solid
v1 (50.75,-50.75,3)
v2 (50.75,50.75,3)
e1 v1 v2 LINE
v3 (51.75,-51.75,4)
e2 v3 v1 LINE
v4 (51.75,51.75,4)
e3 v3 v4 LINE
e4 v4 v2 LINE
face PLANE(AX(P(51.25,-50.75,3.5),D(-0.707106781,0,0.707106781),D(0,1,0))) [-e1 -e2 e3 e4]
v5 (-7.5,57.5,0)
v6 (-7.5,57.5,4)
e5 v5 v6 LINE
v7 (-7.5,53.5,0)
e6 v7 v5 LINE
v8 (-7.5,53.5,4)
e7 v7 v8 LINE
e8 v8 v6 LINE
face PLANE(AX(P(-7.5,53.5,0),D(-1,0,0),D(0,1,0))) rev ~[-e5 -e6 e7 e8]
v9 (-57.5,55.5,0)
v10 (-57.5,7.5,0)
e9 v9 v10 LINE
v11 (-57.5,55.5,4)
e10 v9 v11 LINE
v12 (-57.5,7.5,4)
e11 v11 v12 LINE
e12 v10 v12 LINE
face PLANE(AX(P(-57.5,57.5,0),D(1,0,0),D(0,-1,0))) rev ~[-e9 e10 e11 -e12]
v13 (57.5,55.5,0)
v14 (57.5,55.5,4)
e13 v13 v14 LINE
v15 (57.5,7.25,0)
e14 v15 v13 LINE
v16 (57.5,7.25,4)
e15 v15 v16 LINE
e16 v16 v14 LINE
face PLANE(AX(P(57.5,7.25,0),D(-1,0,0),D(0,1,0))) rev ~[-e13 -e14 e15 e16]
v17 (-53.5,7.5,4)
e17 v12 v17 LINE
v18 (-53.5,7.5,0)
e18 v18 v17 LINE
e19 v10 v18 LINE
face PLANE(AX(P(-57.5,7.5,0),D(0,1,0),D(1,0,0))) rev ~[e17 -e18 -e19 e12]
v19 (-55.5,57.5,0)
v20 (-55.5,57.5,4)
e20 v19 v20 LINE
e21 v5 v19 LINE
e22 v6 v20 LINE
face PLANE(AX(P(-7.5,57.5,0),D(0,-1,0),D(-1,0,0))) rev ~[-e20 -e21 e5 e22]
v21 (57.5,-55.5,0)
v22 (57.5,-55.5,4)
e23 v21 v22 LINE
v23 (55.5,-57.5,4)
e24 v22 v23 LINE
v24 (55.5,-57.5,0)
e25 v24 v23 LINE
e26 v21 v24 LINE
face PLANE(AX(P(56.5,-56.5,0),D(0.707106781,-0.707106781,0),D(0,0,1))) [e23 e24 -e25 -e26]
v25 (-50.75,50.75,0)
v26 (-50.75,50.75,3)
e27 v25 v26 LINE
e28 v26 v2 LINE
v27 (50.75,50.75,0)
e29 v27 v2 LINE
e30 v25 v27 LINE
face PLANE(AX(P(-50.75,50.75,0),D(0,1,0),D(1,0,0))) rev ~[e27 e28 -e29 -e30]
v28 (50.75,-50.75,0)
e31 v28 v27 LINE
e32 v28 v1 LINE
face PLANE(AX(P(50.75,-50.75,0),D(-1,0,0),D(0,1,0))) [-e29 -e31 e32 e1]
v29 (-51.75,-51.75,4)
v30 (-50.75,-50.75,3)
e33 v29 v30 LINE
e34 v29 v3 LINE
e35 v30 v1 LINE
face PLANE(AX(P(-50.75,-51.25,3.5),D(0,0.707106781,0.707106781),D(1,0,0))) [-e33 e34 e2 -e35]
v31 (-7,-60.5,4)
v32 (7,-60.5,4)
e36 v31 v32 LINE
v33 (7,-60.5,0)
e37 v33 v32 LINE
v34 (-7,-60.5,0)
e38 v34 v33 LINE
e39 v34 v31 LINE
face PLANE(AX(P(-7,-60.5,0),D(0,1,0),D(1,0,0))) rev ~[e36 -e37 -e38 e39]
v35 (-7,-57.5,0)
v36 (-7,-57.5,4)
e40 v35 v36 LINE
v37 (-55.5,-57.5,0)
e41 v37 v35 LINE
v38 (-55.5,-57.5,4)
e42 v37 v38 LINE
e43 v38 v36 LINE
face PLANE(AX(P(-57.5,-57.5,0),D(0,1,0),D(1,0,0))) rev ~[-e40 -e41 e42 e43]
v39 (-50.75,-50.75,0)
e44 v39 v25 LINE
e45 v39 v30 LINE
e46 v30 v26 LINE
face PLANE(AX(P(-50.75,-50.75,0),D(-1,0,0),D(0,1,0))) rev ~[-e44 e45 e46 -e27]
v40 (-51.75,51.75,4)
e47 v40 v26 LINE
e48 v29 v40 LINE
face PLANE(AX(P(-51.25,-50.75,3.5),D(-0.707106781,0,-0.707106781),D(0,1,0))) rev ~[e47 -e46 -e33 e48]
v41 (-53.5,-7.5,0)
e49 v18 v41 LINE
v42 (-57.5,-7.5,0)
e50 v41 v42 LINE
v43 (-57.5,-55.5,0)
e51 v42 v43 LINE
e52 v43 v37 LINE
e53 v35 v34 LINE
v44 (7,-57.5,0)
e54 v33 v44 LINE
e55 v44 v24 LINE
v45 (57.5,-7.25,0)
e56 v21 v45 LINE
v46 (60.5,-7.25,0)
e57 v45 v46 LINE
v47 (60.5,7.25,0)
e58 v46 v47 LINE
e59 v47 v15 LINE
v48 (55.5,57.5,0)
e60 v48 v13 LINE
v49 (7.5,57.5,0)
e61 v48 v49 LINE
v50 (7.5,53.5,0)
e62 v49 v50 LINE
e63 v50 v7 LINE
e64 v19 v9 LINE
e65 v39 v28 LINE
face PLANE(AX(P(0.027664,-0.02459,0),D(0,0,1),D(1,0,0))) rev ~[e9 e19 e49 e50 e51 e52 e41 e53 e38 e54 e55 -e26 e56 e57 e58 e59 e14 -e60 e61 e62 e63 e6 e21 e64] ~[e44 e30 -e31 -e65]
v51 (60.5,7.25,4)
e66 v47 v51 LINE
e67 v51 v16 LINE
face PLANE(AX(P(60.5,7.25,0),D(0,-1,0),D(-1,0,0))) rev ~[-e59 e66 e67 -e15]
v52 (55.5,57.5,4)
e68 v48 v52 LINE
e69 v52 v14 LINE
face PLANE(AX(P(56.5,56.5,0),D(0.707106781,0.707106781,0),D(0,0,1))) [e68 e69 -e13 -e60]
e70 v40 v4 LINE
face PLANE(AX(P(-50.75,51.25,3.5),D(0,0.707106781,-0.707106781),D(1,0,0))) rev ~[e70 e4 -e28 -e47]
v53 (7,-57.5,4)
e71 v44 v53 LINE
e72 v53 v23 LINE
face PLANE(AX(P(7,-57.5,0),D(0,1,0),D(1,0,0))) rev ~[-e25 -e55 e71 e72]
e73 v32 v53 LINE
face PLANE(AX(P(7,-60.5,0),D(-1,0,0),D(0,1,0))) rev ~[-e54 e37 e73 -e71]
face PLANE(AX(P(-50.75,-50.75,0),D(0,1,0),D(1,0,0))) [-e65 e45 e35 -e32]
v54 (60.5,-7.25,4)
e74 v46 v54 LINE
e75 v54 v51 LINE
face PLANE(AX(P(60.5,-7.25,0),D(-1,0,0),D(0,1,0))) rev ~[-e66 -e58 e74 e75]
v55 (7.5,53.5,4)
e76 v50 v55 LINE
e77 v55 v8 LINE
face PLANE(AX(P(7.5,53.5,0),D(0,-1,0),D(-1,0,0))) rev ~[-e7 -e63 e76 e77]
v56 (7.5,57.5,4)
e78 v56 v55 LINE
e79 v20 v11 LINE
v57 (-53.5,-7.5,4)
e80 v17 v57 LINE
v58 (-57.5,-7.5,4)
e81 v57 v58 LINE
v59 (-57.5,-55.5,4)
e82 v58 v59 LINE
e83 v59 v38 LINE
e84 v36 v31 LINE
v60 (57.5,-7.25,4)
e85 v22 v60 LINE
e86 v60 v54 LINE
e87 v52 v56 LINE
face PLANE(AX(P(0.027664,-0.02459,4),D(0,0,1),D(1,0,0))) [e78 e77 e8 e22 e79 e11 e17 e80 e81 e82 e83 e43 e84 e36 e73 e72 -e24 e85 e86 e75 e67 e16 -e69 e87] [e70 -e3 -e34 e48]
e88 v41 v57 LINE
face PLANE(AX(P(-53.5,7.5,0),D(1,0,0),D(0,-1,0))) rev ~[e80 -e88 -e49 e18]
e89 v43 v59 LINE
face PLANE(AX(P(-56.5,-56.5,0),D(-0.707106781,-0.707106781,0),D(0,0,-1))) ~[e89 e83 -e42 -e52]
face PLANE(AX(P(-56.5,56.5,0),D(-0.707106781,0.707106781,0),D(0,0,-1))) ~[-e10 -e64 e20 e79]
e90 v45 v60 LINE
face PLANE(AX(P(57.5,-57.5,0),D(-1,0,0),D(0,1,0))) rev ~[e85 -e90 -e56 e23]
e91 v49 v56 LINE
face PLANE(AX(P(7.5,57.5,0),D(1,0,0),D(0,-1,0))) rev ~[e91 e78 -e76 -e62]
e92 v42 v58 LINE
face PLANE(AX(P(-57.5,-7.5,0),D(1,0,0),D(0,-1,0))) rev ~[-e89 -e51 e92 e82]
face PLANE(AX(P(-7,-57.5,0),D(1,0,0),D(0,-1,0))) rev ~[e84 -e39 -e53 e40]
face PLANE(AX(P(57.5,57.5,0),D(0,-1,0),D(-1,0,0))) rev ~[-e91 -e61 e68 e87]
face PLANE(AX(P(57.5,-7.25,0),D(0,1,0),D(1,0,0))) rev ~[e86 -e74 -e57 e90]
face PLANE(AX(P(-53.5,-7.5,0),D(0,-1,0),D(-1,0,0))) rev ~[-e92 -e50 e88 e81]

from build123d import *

# Parameters (mm, degrees)
F0_W     = 101.5
F0_H     = 101.5
F1_DEPTH = 4
F2_SIZE  = 2
F3_SIZE  = 1


with BuildPart() as f1:
    # F0 (on Top) → F1 (new body)
    with BuildSketch(Plane.XY):
        Polygon((-7.5, 57.5), (-57.5, 57.5), (-57.5, 7.5), (-53.5, 7.5), (-53.5, -7.5), (-57.5, -7.5), (-57.5, -57.5), (-7, -57.5), (-7, -60.5), (7, -60.5), (7, -57.5), (57.5, -57.5), (57.5, -7.25), (60.5, -7.25), (60.5, 7.25), (57.5, 7.25), (57.5, 57.5), (7.5, 57.5), (7.5, 53.5), (-7.5, 53.5), align=None)
        Rectangle(F0_W, F0_H, mode=Mode.SUBTRACT)
    extrude(amount=F1_DEPTH)

    # F2
    f2_edges = [f1.edges().sort_by_distance(p)[0] for p in [
        (-57.5, -57.5, 2),
        (57.5, -57.5, 2),
        (57.5, 57.5, 2),
        (-57.5, 57.5, 2),
    ]]
    chamfer(f2_edges, length=F2_SIZE)

    # F3
    f3_edges = [f1.edges().sort_by_distance(p)[0] for p in [
        (-50.75, 0, 4),
        (0, 50.75, 4),
        (50.75, 0, 4),
        (0, -50.75, 4),
    ]]
    chamfer(f3_edges, length=F3_SIZE)


solid = f1.part
